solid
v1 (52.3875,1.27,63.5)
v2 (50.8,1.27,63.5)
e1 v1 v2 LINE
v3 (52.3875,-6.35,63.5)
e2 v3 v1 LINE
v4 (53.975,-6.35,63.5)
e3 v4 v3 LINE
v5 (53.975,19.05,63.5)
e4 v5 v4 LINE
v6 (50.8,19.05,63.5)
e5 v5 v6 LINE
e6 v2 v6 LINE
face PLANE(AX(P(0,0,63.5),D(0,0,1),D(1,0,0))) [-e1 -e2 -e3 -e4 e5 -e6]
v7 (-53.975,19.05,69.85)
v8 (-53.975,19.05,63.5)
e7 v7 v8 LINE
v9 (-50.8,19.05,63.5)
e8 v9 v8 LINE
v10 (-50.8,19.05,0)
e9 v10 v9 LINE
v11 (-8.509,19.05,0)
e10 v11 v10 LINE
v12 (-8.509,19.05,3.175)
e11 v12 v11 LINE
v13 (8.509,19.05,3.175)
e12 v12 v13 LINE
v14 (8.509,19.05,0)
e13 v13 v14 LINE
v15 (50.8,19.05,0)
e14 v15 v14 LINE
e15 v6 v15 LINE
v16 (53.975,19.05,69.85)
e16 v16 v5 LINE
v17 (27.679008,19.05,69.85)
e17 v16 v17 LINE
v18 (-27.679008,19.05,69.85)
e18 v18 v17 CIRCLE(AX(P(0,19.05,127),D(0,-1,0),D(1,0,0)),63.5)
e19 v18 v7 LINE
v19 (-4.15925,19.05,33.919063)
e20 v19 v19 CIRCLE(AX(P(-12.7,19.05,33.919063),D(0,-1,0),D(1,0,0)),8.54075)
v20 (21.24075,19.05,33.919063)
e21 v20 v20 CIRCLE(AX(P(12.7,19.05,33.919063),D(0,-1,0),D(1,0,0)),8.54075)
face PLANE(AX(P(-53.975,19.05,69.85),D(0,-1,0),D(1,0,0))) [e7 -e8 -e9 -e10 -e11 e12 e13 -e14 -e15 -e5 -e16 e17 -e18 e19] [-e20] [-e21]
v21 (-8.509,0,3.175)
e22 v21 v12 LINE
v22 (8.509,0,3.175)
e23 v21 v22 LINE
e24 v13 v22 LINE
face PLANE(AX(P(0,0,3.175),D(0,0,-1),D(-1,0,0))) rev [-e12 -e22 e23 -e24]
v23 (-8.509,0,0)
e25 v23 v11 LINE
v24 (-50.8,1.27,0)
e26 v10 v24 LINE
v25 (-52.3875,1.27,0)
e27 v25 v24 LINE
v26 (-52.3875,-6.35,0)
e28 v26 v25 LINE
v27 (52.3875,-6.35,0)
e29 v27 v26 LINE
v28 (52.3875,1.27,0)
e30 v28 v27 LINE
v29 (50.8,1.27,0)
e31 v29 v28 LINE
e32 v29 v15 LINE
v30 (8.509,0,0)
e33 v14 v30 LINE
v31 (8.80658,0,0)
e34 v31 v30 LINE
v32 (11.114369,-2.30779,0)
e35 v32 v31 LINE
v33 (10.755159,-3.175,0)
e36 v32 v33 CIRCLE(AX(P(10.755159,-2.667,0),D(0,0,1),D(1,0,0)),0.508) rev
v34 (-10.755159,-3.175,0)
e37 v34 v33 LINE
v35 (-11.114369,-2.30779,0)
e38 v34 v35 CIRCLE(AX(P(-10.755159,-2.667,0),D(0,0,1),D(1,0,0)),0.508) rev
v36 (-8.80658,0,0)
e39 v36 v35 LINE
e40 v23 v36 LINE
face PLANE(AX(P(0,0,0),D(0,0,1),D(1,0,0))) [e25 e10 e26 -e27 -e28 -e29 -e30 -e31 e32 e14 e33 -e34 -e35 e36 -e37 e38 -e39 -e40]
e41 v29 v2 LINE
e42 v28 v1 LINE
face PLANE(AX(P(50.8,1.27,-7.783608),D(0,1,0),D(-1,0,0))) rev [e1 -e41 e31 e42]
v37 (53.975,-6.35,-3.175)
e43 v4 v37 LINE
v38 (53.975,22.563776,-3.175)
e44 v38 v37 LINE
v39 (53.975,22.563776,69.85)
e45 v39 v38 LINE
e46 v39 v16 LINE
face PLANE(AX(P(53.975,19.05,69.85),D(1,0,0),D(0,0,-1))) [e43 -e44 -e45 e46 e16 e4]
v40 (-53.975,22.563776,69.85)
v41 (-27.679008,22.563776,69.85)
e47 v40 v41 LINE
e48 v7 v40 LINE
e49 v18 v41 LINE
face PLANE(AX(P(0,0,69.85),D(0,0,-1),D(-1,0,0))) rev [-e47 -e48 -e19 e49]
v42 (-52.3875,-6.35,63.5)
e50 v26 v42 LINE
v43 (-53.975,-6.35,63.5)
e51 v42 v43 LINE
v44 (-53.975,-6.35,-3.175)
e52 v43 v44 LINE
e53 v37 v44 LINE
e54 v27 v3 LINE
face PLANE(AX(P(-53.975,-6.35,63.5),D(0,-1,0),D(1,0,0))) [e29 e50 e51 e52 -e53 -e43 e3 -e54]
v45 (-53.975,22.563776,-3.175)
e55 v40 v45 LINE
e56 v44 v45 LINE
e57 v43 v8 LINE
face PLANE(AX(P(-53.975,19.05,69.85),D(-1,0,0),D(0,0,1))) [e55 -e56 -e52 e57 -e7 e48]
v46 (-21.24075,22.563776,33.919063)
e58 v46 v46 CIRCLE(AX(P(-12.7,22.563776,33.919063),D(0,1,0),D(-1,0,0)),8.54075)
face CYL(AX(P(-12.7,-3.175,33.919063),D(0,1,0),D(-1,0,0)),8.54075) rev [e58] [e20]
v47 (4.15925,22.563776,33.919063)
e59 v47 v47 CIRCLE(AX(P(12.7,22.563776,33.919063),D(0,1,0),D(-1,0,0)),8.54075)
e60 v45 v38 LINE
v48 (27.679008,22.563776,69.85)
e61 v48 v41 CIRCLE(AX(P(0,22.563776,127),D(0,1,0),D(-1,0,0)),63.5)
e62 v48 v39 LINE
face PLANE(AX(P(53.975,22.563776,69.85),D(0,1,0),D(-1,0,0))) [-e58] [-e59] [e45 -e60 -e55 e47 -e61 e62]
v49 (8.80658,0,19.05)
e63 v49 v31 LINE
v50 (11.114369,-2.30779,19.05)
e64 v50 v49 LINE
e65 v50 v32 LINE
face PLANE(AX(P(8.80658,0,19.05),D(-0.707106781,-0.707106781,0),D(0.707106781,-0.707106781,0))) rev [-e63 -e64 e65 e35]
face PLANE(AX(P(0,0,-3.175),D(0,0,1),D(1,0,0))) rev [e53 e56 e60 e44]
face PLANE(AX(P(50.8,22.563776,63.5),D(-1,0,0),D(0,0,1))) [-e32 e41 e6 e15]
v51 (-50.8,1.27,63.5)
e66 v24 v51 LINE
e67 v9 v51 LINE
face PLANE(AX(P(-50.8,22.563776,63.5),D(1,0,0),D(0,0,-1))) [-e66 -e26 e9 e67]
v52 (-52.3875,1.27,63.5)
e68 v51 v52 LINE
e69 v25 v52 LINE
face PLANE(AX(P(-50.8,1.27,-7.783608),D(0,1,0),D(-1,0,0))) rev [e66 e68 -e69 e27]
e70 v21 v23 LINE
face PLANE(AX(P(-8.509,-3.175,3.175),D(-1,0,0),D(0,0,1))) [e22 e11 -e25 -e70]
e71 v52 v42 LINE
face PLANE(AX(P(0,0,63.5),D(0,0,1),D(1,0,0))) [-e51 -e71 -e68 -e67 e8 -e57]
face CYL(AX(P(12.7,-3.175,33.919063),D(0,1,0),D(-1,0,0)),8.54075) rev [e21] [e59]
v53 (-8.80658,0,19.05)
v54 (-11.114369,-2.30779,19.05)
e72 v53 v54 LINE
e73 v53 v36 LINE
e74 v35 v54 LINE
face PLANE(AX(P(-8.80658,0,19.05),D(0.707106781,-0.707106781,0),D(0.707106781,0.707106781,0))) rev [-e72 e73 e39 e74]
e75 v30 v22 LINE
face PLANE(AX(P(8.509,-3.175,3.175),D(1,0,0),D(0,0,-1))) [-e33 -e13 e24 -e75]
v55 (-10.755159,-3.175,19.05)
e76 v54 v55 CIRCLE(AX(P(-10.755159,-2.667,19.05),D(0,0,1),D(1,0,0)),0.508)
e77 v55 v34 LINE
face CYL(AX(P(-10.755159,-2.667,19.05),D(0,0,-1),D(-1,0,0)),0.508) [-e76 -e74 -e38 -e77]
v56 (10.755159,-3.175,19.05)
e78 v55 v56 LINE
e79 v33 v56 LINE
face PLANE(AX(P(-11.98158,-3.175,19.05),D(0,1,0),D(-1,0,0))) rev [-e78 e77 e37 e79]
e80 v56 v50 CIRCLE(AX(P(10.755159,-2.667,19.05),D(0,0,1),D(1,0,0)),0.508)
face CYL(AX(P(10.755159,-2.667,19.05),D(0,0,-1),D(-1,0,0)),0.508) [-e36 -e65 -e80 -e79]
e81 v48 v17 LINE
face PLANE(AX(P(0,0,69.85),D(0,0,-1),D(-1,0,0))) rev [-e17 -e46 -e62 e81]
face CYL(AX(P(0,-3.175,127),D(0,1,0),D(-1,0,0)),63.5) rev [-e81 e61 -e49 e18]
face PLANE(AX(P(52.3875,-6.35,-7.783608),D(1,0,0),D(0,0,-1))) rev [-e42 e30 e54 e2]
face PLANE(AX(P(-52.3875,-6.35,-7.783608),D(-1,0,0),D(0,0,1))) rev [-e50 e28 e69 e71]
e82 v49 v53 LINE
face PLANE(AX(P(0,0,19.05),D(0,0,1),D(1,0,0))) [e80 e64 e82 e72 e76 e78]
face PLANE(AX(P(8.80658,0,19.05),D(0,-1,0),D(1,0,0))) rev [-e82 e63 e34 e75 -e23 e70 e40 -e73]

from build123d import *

# Parameters (mm, degrees)
BOSS_EXTRUDE1_DEPTH = 19.05
SKETCH2_W           = 17.018
SKETCH2_H           = 22.225
BOSS_EXTRUDE2_DEPTH = 3.175
SKETCH3_W           = 107.95
SKETCH3_H           = 3.513776003
BOSS_EXTRUDE3_DEPTH = 69.85
FILLET1_R           = 0.508
SKETCH4_R           = 8.54075
CUT_EXTRUDE1_DEPTH  = 26.738776003
SKETCH8_R           = 63.5
CUT_EXTRUDE2_DEPTH  = 26.738776003
SKETCH9_W           = 3.175
SKETCH9_H           = 28.913776003
BOSS_EXTRUDE4_DEPTH = 63.5
SKETCH10_W          = 107.95
SKETCH10_H          = 28.913776003
BOSS_EXTRUDE5_DEPTH = 3.175
SKETCH11_W          = 1.5875
SKETCH11_H          = 7.62
CUT_EXTRUDE3_DEPTH  = 63.5


with BuildPart() as part:
    # Sketch1 → Boss-Extrude1 (new body)
    with BuildSketch(Plane.XY):
        Polygon((8.80657951, 0), (-8.80657951, 0), (-11.98157951, -3.175), (11.98157951, -3.175), align=None)
    extrude(amount=BOSS_EXTRUDE1_DEPTH)

    # Sketch2 → Boss-Extrude2 (add)
    with BuildSketch(Plane(origin=(0, 0, 0), x_dir=(-1, 0, 0), z_dir=(0, 0, -1))):
        with Locations((0, 7.9375)):
            Rectangle(SKETCH2_W, SKETCH2_H)
    extrude(amount=-BOSS_EXTRUDE2_DEPTH)

    # Sketch3 → Boss-Extrude3 (add)
    with BuildSketch(Plane(origin=(0, 0, 0), x_dir=(-1, 0, 0), z_dir=(0, 0, -1))):
        with Locations((0, 20.806888001)):
            Rectangle(SKETCH3_W, SKETCH3_H)
    extrude(amount=-BOSS_EXTRUDE3_DEPTH)

    # Fillet1
    fillet1_edges = [part.edges().sort_by_distance(p)[0] for p in [
        (11.98157951, -3.175, 9.525),
        (-11.98157951, -3.175, 9.525),
    ]]
    fillet(fillet1_edges, radius=FILLET1_R)

    # Sketch4 → Cut-Extrude1 (cut, through all)
    with BuildSketch(Plane(origin=(0, 22.563776003, 0), x_dir=(1, 0, 0), z_dir=(0, 1, 0))):
        with Locations((12.7, -33.9190628)):
            Circle(SKETCH4_R)
        with Locations((-12.7, -33.9190628)):
            Circle(SKETCH4_R)
    extrude(amount=-CUT_EXTRUDE1_DEPTH, mode=Mode.SUBTRACT)

    # Sketch8 → Cut-Extrude2 (cut, through all)
    with BuildSketch(Plane(origin=(0, 22.563776003, 0), x_dir=(1, 0, 0), z_dir=(0, 1, 0))):
        with Locations((0, -127)):
            Circle(SKETCH8_R)
    extrude(amount=-CUT_EXTRUDE2_DEPTH, mode=Mode.SUBTRACT)

    # Sketch9 → Boss-Extrude4 (add)
    with BuildSketch(Plane(origin=(0, 0, 0), x_dir=(-1, 0, 0), z_dir=(0, 0, -1))):
        with Locations((52.3875, 8.106888001)):
            Rectangle(SKETCH9_W, SKETCH9_H)
        with Locations((-52.3875, 8.106888001)):
            Rectangle(SKETCH9_W, SKETCH9_H)
    extrude(amount=-BOSS_EXTRUDE4_DEPTH)

    # Sketch10 → Boss-Extrude5 (add)
    with BuildSketch(Plane(origin=(0, 0, 0), x_dir=(-1, 0, 0), z_dir=(0, 0, -1))):
        with Locations((0, 8.106888001)):
            Rectangle(SKETCH10_W, SKETCH10_H)
    extrude(amount=BOSS_EXTRUDE5_DEPTH)

    # Sketch11 → Cut-Extrude3 (cut)
    with BuildSketch(Plane.XY.offset(63.5)):
        with Locations((51.59375, -2.54)):
            Rectangle(SKETCH11_W, SKETCH11_H)
        with Locations((-51.59375, -2.54)):
            Rectangle(SKETCH11_W, SKETCH11_H)
    extrude(amount=-CUT_EXTRUDE3_DEPTH, mode=Mode.SUBTRACT)


solid = part.part
